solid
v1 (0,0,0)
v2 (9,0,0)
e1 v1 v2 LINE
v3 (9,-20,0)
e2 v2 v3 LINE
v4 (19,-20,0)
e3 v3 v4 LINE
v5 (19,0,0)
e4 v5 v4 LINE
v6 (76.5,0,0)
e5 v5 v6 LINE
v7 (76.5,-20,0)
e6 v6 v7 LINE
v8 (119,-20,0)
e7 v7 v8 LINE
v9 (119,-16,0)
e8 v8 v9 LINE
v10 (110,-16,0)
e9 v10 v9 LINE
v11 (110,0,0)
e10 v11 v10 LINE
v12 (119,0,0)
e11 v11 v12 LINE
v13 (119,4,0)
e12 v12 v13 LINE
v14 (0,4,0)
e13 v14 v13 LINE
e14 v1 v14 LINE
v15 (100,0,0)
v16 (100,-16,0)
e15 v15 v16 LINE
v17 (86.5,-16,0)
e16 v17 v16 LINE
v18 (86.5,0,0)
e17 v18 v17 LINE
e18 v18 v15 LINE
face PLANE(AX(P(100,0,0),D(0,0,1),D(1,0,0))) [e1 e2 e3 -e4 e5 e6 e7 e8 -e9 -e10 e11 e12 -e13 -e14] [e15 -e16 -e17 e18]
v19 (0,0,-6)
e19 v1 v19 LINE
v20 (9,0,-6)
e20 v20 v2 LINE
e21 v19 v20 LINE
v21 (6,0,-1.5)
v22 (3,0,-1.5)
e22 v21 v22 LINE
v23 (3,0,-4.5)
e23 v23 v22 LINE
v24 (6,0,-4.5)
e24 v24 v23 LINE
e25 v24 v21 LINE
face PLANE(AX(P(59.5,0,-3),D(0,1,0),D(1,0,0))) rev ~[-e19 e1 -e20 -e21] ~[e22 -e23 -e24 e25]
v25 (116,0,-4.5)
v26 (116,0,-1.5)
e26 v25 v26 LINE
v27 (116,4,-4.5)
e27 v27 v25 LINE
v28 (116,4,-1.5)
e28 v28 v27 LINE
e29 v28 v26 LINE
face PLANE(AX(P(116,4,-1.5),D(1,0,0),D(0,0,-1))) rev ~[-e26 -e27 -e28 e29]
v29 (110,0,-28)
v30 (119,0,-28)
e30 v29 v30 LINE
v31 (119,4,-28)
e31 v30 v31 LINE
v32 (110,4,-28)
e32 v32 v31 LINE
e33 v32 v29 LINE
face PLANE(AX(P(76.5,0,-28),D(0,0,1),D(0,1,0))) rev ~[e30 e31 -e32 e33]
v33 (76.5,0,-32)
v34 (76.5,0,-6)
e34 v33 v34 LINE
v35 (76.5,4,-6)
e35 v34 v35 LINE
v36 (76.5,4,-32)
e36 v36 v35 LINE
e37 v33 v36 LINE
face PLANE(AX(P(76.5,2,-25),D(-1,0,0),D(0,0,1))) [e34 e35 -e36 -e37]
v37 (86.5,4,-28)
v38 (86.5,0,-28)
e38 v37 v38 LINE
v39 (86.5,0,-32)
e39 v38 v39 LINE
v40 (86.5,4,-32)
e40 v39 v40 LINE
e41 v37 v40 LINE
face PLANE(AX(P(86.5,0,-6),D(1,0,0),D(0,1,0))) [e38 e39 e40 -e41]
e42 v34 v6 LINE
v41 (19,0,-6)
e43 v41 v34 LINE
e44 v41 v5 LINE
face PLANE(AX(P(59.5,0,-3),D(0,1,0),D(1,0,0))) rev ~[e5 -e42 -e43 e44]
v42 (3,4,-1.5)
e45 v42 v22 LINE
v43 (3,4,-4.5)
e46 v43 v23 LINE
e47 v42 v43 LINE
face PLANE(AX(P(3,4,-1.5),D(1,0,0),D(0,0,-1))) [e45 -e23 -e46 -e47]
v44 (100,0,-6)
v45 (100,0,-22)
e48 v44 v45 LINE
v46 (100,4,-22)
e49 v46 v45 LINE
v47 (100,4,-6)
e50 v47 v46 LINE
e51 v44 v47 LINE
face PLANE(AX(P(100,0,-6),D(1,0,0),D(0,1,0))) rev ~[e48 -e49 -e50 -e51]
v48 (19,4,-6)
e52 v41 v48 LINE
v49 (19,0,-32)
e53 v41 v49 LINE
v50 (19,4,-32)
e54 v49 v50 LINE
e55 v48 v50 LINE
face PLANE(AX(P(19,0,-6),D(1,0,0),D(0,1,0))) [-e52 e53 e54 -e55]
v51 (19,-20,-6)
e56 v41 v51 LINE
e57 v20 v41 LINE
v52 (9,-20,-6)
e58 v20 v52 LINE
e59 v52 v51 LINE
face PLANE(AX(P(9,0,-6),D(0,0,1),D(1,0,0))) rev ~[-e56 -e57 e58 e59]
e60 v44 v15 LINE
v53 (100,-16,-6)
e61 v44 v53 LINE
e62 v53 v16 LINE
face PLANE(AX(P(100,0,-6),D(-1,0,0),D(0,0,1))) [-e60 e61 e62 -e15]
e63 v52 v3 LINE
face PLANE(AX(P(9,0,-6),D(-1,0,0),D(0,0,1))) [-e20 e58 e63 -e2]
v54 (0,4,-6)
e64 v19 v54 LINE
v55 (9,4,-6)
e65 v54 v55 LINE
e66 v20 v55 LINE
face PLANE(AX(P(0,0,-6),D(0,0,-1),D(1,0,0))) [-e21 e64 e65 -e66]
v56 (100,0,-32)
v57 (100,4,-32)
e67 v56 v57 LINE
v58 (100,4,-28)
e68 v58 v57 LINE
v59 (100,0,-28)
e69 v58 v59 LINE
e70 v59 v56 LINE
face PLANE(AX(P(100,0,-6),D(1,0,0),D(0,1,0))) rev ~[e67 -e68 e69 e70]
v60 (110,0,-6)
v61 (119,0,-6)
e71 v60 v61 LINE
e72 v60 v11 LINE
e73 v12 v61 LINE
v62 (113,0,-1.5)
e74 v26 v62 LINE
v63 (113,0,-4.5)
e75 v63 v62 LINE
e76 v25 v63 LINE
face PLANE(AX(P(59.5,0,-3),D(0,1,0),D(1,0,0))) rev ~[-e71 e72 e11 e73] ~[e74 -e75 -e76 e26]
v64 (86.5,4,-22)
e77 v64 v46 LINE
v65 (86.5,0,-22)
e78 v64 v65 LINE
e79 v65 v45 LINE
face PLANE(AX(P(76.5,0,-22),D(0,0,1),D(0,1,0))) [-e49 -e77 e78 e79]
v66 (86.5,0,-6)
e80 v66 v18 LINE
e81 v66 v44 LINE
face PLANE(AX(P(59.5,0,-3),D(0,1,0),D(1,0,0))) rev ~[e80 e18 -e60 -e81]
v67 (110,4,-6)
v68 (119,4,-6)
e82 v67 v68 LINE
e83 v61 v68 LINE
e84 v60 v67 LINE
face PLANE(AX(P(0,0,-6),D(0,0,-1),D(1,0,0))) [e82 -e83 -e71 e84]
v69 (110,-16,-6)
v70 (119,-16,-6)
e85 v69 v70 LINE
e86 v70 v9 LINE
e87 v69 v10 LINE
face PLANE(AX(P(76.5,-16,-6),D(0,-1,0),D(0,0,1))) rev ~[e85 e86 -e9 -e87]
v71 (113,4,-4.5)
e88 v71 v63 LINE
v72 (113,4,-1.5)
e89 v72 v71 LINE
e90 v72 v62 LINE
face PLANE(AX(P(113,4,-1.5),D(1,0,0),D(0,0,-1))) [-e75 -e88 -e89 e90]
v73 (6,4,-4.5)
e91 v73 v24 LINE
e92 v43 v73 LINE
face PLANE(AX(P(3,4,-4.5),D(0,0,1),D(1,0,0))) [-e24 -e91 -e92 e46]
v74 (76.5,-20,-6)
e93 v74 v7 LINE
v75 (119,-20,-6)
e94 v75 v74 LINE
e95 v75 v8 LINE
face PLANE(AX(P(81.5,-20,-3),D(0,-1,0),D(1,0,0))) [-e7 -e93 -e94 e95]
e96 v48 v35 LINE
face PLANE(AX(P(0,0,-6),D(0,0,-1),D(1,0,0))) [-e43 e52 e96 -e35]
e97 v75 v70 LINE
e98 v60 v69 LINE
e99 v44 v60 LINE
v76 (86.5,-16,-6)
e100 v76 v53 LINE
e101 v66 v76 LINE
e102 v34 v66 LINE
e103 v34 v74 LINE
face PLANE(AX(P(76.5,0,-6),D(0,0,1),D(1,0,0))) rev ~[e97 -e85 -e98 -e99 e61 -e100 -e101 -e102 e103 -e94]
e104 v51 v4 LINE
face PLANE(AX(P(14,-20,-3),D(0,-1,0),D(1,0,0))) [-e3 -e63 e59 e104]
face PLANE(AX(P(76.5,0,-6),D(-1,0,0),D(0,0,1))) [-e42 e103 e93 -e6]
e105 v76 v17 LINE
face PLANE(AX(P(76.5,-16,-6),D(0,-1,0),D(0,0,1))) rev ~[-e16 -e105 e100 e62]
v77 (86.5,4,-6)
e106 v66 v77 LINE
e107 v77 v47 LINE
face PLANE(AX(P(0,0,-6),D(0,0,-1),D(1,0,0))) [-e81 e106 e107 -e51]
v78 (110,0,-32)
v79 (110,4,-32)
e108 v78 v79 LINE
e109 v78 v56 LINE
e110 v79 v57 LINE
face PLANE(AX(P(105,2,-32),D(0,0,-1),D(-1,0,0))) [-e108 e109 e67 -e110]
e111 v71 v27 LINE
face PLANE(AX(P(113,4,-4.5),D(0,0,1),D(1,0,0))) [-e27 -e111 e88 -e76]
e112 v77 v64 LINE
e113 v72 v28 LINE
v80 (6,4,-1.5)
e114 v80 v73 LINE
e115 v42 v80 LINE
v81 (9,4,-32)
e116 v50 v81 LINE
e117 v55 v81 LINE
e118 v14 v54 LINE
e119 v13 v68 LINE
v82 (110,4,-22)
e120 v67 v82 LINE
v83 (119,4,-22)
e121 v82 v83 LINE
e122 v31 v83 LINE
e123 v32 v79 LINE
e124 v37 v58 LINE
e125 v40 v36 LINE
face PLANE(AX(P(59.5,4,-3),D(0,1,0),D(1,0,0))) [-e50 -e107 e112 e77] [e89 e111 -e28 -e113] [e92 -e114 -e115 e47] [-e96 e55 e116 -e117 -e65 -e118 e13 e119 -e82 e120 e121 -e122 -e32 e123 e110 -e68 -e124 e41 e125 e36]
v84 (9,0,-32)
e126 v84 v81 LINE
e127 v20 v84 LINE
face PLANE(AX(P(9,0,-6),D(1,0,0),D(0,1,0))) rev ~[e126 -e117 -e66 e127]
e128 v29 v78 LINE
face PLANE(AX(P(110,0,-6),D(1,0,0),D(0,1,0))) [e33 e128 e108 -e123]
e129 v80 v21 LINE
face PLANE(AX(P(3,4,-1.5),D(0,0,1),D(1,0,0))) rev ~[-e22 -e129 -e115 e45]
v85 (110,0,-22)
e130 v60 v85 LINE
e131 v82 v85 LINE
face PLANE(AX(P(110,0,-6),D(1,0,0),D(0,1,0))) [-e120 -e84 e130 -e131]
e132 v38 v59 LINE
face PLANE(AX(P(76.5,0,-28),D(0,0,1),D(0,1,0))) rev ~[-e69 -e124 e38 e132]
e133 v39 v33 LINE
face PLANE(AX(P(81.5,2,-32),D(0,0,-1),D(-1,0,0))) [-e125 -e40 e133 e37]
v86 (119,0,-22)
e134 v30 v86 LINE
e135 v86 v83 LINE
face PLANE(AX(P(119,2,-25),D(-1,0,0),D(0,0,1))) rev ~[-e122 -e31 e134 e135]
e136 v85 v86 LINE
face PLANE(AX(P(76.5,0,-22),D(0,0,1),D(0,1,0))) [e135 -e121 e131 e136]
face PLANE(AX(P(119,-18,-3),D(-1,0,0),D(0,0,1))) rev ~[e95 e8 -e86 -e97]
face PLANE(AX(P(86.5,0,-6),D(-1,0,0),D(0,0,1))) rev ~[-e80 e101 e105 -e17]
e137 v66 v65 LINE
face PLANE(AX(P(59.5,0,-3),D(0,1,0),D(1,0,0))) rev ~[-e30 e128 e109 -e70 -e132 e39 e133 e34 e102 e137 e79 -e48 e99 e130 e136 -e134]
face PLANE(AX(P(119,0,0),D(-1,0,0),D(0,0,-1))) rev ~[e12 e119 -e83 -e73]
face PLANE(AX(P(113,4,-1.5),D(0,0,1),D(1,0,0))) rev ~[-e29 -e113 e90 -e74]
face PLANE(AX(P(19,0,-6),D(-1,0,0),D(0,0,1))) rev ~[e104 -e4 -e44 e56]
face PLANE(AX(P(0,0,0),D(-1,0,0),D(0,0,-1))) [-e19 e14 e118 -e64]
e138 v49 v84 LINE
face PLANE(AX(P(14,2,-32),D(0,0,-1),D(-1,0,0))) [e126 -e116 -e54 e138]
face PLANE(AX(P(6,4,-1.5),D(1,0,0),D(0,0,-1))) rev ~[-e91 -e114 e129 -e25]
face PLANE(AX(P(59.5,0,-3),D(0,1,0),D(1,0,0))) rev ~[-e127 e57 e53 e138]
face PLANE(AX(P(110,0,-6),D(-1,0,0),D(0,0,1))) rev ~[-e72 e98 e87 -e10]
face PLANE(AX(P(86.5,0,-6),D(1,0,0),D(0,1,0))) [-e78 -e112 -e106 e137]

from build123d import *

# Parameters (mm, degrees)
SKETCH1_W           = 119
SKETCH1_H           = 6
BOSS_EXTRUDE1_DEPTH = 4
CUT_EXTRUDE1_REACH  = 6
SKETCH2_W           = 3
SKETCH2_H           = 3
SKETCH3_W           = 10
SKETCH3_H           = 4
BOSS_EXTRUDE2_DEPTH = 26
SKETCH4_W           = 10
SKETCH4_H           = 6
BOSS_EXTRUDE3_DEPTH = 20
SKETCH5_W           = 6
SKETCH5_H           = 4
BOSS_EXTRUDE4_DEPTH = 42.5


with BuildPart() as part:
    # Sketch1 → Boss-Extrude1 (new body)
    with BuildSketch(Plane(origin=(0, 0, 0), x_dir=(1, 0, 0), z_dir=(0, 1, 0))):
        with Locations((59.5, 3)):
            Rectangle(SKETCH1_W, SKETCH1_H)
    extrude(amount=BOSS_EXTRUDE1_DEPTH)

    # Sketch2 → Cut-Extrude1 (cut, up to next)
    with BuildSketch(Plane(origin=(0, 4, 0), x_dir=(1, 0, 0), z_dir=(0, 1, 0)), mode=Mode.PRIVATE) as cut_extrude1_sk1:
        with Locations((114.5, 3)):
            Rectangle(SKETCH2_W, SKETCH2_H)
    cut_extrude1_tool1 = extrude(cut_extrude1_sk1.sketch, amount=-CUT_EXTRUDE1_REACH, mode=Mode.PRIVATE) & part.part
    add(cut_extrude1_tool1.solids().sort_by_distance((114.5, 4, -3))[0], mode=Mode.SUBTRACT)
    # Sketch2 → Cut-Extrude1 (cut, up to next)
    with BuildSketch(Plane(origin=(0, 4, 0), x_dir=(1, 0, 0), z_dir=(0, 1, 0)), mode=Mode.PRIVATE) as cut_extrude1_sk2:
        with Locations((4.5, 3)):
            Rectangle(SKETCH2_W, SKETCH2_H)
    cut_extrude1_tool2 = extrude(cut_extrude1_sk2.sketch, amount=-CUT_EXTRUDE1_REACH, mode=Mode.PRIVATE) & part.part
    add(cut_extrude1_tool2.solids().sort_by_distance((4.5, 4, -3))[0], mode=Mode.SUBTRACT)

    # Sketch3 → Boss-Extrude2 (add)
    with BuildSketch(Plane(origin=(0, 0, -6), x_dir=(-1, 0, 0), z_dir=(0, 0, -1))):
        with Locations((-105, 2)):
            Rectangle(SKETCH3_W, SKETCH3_H)
        with Locations((-81.5, 2)):
            Rectangle(SKETCH3_W, SKETCH3_H)
        with Locations((-14, 2)):
            Rectangle(SKETCH3_W, SKETCH3_H)
    extrude(amount=BOSS_EXTRUDE2_DEPTH)

    # Sketch4 → Boss-Extrude3 (add)
    with BuildSketch(Plane.XZ):
        with Locations((105, -3)):
            Rectangle(SKETCH4_W, SKETCH4_H)
        with Locations((81.5, -3)):
            Rectangle(SKETCH4_W, SKETCH4_H)
        with Locations((14, -3)):
            Rectangle(SKETCH4_W, SKETCH4_H)
    extrude(amount=BOSS_EXTRUDE3_DEPTH)

    # Sketch5 → Boss-Extrude4 (add)
    with BuildSketch(Plane.ZY.offset(-76.5)):
        with Locations((-25, 2)):
            Rectangle(SKETCH5_W, SKETCH5_H)
        with Locations((-3, -18)):
            Rectangle(SKETCH5_W, SKETCH5_H)
    extrude(amount=-BOSS_EXTRUDE4_DEPTH)


solid = part.part
